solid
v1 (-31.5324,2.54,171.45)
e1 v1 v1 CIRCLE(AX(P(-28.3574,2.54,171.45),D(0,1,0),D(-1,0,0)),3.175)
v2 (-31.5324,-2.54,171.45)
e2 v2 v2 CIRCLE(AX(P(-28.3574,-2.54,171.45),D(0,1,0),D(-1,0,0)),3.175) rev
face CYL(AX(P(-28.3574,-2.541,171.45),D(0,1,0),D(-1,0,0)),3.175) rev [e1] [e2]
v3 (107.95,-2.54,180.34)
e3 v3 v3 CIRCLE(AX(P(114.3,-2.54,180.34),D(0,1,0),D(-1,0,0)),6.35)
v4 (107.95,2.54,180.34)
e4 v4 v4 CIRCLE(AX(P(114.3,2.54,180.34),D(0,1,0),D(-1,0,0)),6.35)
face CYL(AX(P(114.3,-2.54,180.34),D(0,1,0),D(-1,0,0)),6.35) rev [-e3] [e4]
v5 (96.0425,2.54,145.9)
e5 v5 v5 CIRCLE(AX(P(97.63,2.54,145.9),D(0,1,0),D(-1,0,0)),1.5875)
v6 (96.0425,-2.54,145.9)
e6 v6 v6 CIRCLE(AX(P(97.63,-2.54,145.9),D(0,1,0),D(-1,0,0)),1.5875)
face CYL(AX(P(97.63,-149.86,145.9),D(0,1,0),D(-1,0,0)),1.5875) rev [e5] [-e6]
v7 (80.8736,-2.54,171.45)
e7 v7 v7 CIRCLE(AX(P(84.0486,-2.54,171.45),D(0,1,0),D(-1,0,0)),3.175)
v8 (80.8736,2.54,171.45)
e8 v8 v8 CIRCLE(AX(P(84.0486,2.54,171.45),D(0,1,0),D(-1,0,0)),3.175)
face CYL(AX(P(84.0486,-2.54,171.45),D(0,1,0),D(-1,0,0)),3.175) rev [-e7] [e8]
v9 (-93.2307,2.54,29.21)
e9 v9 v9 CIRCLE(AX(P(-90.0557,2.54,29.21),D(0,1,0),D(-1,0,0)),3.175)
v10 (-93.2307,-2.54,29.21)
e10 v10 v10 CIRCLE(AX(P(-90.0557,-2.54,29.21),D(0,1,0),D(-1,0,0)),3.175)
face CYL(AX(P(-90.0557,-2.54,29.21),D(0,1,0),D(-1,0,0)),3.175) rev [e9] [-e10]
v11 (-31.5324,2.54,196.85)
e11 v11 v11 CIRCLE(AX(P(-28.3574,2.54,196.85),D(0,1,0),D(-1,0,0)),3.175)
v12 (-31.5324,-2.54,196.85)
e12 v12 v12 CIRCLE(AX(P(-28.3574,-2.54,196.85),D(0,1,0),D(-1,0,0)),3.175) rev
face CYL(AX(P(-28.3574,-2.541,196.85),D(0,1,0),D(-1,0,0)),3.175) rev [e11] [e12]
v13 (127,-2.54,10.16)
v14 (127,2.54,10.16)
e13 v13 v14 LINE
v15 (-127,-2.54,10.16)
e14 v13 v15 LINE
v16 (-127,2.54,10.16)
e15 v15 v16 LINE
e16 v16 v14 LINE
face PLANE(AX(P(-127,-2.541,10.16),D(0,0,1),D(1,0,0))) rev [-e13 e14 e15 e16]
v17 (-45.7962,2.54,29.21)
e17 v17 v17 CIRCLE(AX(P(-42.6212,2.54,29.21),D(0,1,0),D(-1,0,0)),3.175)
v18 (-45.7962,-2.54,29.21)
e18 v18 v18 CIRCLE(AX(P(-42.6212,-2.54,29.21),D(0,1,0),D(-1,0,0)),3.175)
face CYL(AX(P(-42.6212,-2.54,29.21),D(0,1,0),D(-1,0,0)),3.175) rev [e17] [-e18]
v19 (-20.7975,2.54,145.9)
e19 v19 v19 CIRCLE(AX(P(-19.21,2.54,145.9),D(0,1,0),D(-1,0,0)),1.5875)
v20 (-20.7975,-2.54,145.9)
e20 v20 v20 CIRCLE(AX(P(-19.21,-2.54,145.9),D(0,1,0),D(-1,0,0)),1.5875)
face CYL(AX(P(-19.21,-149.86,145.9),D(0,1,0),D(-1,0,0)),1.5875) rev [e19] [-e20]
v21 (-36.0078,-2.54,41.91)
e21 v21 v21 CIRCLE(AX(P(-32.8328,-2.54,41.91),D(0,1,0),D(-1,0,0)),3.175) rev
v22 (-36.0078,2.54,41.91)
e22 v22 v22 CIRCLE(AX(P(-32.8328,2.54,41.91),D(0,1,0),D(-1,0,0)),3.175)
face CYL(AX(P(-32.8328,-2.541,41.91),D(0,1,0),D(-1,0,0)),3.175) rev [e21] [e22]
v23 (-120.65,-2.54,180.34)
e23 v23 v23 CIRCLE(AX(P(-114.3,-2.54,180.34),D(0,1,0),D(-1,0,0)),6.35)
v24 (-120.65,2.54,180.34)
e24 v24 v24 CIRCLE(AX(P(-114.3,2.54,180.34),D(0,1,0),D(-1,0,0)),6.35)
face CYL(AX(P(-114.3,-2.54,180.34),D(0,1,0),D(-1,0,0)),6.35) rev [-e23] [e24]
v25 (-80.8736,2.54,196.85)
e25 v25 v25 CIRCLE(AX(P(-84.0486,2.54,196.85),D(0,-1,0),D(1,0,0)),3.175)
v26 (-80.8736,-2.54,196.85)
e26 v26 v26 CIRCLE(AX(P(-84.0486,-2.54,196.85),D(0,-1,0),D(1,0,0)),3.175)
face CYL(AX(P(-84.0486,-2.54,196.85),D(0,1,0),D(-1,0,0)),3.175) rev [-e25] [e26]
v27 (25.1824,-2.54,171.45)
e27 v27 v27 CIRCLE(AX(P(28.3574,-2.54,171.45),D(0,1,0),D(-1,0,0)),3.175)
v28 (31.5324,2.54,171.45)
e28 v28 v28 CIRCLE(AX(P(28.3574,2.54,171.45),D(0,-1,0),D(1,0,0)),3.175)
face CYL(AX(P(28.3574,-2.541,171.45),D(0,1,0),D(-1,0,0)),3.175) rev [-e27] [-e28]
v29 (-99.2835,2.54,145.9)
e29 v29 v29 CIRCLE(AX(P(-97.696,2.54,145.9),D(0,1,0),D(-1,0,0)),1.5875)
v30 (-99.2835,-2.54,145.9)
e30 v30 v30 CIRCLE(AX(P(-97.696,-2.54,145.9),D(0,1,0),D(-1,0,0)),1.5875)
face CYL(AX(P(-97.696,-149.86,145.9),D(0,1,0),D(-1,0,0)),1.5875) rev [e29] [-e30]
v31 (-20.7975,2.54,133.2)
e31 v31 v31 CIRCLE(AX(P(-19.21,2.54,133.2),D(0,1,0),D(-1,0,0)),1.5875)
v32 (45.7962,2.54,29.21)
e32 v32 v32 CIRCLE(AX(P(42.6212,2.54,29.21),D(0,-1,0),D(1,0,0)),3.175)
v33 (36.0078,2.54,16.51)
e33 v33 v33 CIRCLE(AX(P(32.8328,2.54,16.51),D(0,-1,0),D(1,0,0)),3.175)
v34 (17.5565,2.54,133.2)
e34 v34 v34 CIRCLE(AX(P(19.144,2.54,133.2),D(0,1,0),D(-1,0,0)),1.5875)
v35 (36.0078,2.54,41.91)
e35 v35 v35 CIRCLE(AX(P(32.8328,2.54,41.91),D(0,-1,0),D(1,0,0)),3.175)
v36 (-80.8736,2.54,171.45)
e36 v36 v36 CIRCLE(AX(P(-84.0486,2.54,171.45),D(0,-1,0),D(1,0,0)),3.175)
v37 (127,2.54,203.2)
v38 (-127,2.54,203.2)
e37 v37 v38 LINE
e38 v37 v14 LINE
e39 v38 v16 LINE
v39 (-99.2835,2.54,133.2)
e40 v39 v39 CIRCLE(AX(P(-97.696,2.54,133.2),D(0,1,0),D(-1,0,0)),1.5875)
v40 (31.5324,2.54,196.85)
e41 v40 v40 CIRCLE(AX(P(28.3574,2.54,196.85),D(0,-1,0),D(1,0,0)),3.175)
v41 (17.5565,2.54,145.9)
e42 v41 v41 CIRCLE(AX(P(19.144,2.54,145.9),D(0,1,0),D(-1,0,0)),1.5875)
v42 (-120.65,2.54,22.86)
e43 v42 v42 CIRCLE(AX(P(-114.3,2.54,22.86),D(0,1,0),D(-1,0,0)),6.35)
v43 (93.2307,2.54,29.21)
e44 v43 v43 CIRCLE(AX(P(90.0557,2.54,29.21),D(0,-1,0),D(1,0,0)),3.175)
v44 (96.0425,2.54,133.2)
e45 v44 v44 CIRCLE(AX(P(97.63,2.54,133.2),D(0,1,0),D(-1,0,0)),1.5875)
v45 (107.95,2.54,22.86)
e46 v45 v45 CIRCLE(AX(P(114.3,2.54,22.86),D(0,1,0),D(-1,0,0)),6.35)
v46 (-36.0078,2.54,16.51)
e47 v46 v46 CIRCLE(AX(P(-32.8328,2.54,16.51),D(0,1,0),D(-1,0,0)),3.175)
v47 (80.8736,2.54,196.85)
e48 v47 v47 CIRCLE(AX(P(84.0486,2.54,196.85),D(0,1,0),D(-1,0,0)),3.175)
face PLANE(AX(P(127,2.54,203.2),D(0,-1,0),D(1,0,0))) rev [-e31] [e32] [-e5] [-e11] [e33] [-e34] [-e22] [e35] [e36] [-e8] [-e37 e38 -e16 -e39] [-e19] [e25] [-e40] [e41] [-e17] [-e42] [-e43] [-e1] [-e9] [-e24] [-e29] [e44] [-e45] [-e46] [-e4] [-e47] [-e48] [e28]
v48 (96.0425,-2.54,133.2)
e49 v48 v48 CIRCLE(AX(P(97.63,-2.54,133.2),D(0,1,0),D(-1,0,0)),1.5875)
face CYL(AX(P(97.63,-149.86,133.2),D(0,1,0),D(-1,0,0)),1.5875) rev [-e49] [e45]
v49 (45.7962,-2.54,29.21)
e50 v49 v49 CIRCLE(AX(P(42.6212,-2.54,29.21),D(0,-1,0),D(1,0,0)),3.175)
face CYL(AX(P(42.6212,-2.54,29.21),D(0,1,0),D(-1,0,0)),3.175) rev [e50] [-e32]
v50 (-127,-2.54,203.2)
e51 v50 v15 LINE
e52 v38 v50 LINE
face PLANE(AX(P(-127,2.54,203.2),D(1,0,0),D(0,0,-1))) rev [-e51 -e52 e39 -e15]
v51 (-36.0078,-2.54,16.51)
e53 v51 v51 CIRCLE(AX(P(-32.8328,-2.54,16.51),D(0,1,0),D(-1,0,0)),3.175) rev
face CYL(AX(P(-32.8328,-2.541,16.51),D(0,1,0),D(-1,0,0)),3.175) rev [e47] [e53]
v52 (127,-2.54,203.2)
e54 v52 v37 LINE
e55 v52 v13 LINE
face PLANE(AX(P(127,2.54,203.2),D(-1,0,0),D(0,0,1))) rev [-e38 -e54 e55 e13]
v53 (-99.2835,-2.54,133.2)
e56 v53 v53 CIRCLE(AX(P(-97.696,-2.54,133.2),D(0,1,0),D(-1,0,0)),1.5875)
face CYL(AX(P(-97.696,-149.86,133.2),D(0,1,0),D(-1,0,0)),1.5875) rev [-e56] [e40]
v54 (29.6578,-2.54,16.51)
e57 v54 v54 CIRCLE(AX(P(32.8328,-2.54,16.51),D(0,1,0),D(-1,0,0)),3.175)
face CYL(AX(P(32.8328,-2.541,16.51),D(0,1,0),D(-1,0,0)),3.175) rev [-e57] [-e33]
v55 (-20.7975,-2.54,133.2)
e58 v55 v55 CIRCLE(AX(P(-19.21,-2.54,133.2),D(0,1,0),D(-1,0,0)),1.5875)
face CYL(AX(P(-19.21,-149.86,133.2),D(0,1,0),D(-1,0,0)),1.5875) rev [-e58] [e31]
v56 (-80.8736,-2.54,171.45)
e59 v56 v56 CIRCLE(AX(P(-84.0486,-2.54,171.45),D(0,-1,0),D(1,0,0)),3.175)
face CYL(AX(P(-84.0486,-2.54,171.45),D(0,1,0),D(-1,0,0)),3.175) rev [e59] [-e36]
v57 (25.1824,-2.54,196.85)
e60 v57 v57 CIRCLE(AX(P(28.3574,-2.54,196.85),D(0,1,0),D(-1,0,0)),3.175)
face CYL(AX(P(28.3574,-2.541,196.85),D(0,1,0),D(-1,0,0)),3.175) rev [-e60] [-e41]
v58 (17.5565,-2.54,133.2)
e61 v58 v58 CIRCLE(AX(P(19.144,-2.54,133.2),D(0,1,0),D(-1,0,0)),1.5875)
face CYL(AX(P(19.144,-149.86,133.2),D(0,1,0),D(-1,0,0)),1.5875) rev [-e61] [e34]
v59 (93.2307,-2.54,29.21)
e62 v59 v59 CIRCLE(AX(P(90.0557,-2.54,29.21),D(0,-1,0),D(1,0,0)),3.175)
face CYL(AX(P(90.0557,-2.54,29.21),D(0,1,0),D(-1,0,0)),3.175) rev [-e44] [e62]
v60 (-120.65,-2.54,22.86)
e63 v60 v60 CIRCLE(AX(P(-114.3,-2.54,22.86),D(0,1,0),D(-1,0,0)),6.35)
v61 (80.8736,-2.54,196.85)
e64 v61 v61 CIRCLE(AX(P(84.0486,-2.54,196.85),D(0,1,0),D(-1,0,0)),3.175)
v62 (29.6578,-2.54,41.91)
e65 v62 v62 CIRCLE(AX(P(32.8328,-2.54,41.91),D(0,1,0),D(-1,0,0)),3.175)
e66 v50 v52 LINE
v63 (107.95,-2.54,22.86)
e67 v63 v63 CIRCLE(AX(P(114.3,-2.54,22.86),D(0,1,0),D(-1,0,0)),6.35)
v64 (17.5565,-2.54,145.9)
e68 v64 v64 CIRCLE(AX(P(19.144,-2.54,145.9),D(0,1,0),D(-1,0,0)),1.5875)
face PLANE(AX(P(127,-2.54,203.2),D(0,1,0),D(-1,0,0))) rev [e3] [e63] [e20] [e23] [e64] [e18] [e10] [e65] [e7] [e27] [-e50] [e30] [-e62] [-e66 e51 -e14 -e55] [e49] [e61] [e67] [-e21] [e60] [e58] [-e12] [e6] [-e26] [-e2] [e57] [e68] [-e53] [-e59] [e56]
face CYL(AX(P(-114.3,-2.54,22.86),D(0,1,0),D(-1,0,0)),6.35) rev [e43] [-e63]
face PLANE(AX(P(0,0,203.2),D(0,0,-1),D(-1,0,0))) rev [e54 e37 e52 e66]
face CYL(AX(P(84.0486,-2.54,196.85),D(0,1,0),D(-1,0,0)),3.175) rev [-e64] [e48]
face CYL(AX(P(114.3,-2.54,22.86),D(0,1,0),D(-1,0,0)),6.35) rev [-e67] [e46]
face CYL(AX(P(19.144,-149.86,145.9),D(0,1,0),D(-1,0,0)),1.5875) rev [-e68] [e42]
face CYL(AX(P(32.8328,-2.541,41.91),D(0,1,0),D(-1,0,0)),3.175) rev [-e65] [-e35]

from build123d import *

# Parameters (mm, degrees)
SKETCH1_W           = 254
SKETCH1_H           = 5.08
BOSS_EXTRUDE1_DEPTH = 203.2
SKETCH3_R           = 6.35
CUT_EXTRUDE1_DEPTH  = 6.08
SKETCH5_R           = 1.5875
CUT_EXTRUDE2_DEPTH  = 152.4
SKETCH12_R          = 3.175
CUT_EXTRUDE7_DEPTH  = 6.08
SKETCH14_R          = 3.175
CUT_EXTRUDE8_DEPTH  = 5.08
CUT_EXTRUDE9_REACH  = 7.08
SKETCH15_W          = 254
SKETCH15_H          = 10.16
SKETCH16_R          = 3.175
CUT_EXTRUDE10_DEPTH = 6.08
SKETCH19_R          = 3.175
CUT_EXTRUDE11_DEPTH = 5.08


with BuildPart() as part:
    # Sketch1 → Boss-Extrude1 (new body)
    with BuildSketch(Plane.XY):
        Rectangle(SKETCH1_W, SKETCH1_H)
    extrude(amount=BOSS_EXTRUDE1_DEPTH)

    # Sketch3 → Cut-Extrude1 (cut, through all)
    with BuildSketch(Plane(origin=(0, 2.54, 0), x_dir=(1, 0, 0), z_dir=(0, 1, 0))):
        with Locations((-114.3, -22.86)):
            Circle(SKETCH3_R)
        with Locations((-114.3, -180.34)):
            Circle(SKETCH3_R)
        with Locations((114.3, -22.86)):
            Circle(SKETCH3_R)
        with Locations((114.3, -180.34)):
            Circle(SKETCH3_R)
    extrude(amount=-CUT_EXTRUDE1_DEPTH, mode=Mode.SUBTRACT)

    # Sketch5 → Cut-Extrude2 (cut)
    with BuildSketch(Plane(origin=(0, 2.54, 0), x_dir=(1, 0, 0), z_dir=(0, 1, 0))):
        with Locations((97.63, -133.2)):
            Circle(SKETCH5_R)
        with Locations((97.63, -145.9)):
            Circle(SKETCH5_R)
        with Locations((-19.21, -133.2)):
            Circle(SKETCH5_R)
        with Locations((-19.21, -145.9)):
            Circle(SKETCH5_R)
        with Locations((-97.696, -133.2)):
            Circle(SKETCH5_R)
        with Locations((-97.696, -145.9)):
            Circle(SKETCH5_R)
        with Locations((19.144, -133.2)):
            Circle(SKETCH5_R)
        with Locations((19.144, -145.9)):
            Circle(SKETCH5_R)
    extrude(amount=-CUT_EXTRUDE2_DEPTH, mode=Mode.SUBTRACT)

    # Sketch12 → Cut-Extrude7 (cut, through all)
    with BuildSketch(Plane(origin=(0, 2.54, 0), x_dir=(1, 0, 0), z_dir=(0, 1, 0))):
        with Locations((-90.0557, -29.21)):
            Circle(SKETCH12_R)
        with Locations((-42.6212, -29.21)):
            Circle(SKETCH12_R)
    cut_extrude7 = extrude(amount=-CUT_EXTRUDE7_DEPTH, mode=Mode.SUBTRACT)

    # Sketch14 → Cut-Extrude8 (cut)
    with BuildSketch(Plane(origin=(0, 2.54, 0), x_dir=(1, 0, 0), z_dir=(0, 1, 0))):
        with Locations((-32.832800096, -16.51)):
            Circle(SKETCH14_R)
        with Locations((-32.832800096, -41.91)):
            Circle(SKETCH14_R)
    cut_extrude8 = extrude(amount=-CUT_EXTRUDE8_DEPTH, mode=Mode.SUBTRACT)

    # Mirror1: Cut-Extrude7, Cut-Extrude8 across plane
    add(cut_extrude7.mirror(Plane(origin=(0, 0, 0), x_dir=(0, 0, 1), z_dir=(1, 0, 0))), mode=Mode.SUBTRACT)
    add(cut_extrude8.mirror(Plane(origin=(0, 0, 0), x_dir=(0, 0, 1), z_dir=(1, 0, 0))), mode=Mode.SUBTRACT)

    # Sketch15 → Cut-Extrude9 (cut, up to next)
    with BuildSketch(Plane(origin=(0, 2.54, 0), x_dir=(1, 0, 0), z_dir=(0, 1, 0)), mode=Mode.PRIVATE) as cut_extrude9_sk1:
        with Locations((0, -5.08)):
            Rectangle(SKETCH15_W, SKETCH15_H)
    cut_extrude9_tool1 = extrude(cut_extrude9_sk1.sketch, amount=-CUT_EXTRUDE9_REACH, mode=Mode.PRIVATE) & part.part
    add(cut_extrude9_tool1.solids().sort_by_distance((0, 2.54, 5.08))[0], mode=Mode.SUBTRACT)

    # Sketch16 → Cut-Extrude10 (cut, through all)
    with BuildSketch(Plane(origin=(0, 2.54, 0), x_dir=(1, 0, 0), z_dir=(0, 1, 0))):
        with Locations((84.0486, -196.85)):
            Circle(SKETCH16_R)
        with Locations((84.0486, -171.45)):
            Circle(SKETCH16_R)
    cut_extrude10 = extrude(amount=-CUT_EXTRUDE10_DEPTH, mode=Mode.SUBTRACT)

    # Mirror2: Cut-Extrude10 across plane
    add(cut_extrude10.mirror(Plane(origin=(0, 0, 0), x_dir=(0, 0, 1), z_dir=(1, 0, 0))), mode=Mode.SUBTRACT)

    # Sketch19 → Cut-Extrude11 (cut)
    with BuildSketch(Plane(origin=(0, 2.54, 0), x_dir=(1, 0, 0), z_dir=(0, 1, 0))):
        with Locations((-28.357399872, -171.45)):
            Circle(SKETCH19_R)
        with Locations((-28.357399872, -196.85)):
            Circle(SKETCH19_R)
    cut_extrude11 = extrude(amount=-CUT_EXTRUDE11_DEPTH, mode=Mode.SUBTRACT)

    # Mirror3: Cut-Extrude11 across plane
    add(cut_extrude11.mirror(Plane(origin=(0, 0, 0), x_dir=(0, 0, 1), z_dir=(1, 0, 0))), mode=Mode.SUBTRACT)


solid = part.part
